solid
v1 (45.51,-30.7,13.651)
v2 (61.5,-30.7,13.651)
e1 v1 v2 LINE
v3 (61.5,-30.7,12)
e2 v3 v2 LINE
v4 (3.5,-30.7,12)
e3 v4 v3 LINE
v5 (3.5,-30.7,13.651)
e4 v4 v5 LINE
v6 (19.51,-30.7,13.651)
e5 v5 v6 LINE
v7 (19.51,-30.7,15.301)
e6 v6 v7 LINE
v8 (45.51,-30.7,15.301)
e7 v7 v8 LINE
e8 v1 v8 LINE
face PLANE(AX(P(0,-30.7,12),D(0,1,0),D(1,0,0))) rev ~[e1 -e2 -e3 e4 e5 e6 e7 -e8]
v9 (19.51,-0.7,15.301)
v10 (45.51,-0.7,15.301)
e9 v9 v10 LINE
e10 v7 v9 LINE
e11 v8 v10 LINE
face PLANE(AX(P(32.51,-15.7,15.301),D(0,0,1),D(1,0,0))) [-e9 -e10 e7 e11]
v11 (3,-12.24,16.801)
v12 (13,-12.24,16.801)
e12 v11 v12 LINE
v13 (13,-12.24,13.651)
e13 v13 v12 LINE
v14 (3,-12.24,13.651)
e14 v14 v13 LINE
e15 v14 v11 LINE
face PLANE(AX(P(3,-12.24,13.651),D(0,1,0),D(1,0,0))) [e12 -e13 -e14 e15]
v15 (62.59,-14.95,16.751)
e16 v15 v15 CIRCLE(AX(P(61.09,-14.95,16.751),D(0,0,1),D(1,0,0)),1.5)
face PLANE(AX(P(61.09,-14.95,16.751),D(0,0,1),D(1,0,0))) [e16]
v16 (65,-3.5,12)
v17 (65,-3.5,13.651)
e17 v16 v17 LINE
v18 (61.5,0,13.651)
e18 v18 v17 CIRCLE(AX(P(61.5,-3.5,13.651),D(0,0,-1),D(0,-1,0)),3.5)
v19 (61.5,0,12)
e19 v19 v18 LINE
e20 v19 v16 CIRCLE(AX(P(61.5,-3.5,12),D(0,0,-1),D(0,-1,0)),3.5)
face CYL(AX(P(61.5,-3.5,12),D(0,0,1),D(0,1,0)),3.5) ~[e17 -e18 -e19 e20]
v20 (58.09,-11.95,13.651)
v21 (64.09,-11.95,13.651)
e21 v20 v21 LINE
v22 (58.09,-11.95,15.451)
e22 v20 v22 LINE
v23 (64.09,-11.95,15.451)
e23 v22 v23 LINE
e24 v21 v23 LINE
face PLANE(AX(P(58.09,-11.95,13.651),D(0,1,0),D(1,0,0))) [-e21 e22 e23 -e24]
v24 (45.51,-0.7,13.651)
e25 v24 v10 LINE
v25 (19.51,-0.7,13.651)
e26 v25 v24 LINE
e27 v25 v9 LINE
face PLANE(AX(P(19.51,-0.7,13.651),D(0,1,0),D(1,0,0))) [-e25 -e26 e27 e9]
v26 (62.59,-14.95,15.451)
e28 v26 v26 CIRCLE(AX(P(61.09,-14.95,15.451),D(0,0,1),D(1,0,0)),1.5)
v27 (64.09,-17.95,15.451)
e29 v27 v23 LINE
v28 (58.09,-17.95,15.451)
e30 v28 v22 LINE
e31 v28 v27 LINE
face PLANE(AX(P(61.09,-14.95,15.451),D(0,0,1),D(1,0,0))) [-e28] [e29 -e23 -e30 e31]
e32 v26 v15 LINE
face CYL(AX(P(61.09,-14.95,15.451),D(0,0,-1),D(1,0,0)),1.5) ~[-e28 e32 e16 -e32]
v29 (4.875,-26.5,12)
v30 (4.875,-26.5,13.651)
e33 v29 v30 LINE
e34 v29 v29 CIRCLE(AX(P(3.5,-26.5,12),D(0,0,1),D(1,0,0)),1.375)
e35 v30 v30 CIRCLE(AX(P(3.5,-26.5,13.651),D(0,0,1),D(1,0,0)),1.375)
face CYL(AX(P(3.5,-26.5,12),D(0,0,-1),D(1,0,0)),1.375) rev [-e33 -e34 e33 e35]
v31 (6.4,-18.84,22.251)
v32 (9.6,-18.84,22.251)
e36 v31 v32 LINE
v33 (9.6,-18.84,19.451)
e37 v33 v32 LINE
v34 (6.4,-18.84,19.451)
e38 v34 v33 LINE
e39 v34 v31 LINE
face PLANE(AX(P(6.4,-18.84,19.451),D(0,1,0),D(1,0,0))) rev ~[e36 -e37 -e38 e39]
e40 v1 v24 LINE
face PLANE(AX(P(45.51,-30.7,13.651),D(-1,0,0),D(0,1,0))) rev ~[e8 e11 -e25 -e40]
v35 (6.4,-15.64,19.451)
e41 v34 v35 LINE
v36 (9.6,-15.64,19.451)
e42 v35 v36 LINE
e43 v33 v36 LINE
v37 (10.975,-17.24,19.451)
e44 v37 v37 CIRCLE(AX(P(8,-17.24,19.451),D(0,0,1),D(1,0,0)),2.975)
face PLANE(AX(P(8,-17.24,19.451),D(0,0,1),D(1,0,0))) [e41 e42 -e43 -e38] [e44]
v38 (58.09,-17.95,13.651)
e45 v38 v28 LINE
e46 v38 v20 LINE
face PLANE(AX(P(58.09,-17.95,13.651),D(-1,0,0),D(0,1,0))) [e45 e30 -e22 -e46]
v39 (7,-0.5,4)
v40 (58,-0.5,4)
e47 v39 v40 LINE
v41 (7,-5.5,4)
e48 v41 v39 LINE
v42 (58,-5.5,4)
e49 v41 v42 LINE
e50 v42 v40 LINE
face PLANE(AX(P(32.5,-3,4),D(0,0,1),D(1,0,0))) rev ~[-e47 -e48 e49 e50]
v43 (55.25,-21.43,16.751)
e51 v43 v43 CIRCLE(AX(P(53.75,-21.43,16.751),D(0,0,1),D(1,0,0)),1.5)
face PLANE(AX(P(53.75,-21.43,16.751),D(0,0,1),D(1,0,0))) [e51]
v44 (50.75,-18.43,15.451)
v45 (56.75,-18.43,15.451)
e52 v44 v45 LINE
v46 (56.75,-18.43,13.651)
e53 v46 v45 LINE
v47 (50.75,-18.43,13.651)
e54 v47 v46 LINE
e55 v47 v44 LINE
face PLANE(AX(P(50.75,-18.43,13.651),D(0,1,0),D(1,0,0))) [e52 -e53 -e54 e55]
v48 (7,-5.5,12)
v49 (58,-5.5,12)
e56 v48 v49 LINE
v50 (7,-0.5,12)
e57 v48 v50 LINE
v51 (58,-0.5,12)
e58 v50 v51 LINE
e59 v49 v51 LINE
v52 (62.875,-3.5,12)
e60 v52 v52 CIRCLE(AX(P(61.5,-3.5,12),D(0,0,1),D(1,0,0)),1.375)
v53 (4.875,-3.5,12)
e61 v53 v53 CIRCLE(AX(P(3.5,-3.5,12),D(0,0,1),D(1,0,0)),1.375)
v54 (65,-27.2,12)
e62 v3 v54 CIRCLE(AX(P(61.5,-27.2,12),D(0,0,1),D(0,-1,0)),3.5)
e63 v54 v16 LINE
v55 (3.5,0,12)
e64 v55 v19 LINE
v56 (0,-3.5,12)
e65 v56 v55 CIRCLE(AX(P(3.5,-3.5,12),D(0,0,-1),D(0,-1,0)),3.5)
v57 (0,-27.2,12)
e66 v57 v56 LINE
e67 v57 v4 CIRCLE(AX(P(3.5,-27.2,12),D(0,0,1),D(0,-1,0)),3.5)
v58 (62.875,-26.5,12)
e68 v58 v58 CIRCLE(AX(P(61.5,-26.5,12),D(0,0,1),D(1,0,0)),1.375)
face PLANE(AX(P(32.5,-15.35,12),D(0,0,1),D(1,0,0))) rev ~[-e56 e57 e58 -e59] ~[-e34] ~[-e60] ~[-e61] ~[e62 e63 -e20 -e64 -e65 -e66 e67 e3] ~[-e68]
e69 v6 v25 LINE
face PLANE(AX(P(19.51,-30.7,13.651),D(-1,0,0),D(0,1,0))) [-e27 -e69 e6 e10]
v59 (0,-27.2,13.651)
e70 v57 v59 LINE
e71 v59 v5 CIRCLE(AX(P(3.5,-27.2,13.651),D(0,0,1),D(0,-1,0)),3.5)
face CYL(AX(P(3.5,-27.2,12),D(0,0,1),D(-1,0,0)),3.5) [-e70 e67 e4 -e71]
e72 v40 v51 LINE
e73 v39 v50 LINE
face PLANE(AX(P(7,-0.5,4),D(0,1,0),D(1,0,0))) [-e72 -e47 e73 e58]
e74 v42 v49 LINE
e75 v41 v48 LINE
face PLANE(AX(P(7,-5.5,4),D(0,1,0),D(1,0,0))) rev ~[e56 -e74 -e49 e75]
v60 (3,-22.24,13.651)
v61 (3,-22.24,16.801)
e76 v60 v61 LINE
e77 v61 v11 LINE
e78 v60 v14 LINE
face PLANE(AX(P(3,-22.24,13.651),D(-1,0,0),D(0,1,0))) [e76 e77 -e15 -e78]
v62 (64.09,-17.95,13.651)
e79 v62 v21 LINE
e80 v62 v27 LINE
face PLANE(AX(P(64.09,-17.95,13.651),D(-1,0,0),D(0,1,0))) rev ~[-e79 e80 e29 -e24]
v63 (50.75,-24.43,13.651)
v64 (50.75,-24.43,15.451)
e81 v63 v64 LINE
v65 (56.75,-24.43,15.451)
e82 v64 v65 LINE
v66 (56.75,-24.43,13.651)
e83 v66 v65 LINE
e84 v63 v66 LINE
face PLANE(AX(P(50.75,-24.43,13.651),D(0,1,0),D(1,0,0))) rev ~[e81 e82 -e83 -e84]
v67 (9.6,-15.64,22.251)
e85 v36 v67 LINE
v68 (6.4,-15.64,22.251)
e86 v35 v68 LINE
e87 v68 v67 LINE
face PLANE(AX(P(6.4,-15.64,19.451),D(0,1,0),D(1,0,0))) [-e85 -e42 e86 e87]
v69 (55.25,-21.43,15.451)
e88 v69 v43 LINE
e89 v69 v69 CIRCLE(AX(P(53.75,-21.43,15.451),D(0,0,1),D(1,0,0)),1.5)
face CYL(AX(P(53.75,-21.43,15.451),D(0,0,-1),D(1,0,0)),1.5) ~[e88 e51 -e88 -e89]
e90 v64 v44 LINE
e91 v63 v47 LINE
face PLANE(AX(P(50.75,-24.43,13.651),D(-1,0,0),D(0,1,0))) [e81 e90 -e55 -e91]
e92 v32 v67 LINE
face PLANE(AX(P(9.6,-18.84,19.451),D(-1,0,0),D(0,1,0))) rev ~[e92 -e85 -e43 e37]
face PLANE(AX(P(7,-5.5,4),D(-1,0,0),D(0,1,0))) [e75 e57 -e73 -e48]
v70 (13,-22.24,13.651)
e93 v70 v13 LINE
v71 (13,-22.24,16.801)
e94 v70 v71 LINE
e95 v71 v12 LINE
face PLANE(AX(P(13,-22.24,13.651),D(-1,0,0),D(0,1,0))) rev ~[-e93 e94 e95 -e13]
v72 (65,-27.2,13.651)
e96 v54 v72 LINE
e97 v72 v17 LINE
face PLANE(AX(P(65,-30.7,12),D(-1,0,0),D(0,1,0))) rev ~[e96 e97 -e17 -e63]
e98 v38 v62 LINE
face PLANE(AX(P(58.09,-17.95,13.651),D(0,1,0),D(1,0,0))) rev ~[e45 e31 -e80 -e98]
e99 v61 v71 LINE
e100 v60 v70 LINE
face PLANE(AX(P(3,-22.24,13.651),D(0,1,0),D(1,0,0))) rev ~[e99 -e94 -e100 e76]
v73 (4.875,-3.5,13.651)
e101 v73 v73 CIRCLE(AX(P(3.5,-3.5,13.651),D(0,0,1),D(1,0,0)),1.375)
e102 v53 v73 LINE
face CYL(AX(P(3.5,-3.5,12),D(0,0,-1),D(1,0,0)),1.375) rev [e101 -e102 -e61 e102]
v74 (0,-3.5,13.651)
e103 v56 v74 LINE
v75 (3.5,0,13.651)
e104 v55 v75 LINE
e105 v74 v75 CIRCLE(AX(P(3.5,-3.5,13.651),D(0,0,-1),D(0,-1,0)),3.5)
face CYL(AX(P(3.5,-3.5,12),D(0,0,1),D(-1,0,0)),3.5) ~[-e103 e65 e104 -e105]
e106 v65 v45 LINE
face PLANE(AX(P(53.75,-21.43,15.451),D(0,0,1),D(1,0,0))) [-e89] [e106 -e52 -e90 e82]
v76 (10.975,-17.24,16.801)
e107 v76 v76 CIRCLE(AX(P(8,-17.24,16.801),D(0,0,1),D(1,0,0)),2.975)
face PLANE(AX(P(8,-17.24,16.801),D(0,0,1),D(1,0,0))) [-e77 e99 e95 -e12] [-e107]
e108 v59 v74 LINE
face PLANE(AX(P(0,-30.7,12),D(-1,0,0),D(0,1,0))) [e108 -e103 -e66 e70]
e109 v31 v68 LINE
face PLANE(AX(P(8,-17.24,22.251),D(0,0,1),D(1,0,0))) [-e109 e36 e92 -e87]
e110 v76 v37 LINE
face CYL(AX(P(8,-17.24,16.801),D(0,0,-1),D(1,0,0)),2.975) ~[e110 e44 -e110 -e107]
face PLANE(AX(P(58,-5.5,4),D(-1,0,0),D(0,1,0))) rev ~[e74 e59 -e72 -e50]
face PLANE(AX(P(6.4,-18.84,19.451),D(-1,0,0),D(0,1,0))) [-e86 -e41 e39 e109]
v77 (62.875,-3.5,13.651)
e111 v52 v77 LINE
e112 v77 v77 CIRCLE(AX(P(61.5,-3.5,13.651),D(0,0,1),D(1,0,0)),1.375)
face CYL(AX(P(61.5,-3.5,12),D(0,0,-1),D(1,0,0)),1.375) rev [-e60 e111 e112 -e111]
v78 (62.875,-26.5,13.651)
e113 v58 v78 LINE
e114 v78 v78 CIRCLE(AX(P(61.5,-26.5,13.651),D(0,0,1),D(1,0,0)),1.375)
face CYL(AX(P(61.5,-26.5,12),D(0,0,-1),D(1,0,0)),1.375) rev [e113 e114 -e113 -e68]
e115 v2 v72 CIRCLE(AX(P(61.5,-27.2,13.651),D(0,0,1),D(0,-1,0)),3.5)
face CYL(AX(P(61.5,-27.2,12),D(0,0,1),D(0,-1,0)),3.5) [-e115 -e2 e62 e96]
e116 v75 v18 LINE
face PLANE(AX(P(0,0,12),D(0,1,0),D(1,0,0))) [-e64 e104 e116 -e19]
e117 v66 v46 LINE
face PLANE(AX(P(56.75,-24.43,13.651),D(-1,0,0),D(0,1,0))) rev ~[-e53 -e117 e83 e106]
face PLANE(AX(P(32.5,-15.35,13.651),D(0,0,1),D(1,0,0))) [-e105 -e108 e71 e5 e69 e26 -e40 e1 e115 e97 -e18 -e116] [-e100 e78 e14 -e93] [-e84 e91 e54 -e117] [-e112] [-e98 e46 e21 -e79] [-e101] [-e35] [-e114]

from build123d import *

# Parameters (mm, degrees)
SKETCH013_W  = 51
SKETCH013_H  = 5
PAD011_DEPTH = 8
SKETCH014_W  = 65
SKETCH014_H  = 30.7
SKETCH014_R  = 1.375
PAD012_DEPTH = 1.651
FILLET003_R  = 3.5
SKETCH017_W  = 10
SKETCH017_H  = 10
PAD014_DEPTH = 3.15
SKETCH018_R  = 2.975
PAD015_DEPTH = 2.65
SKETCH019_W  = 3.2
SKETCH019_H  = 3.2
PAD016_DEPTH = 2.8
SKETCH020_W  = 6
SKETCH020_H  = 6
PAD017_DEPTH = 1.8
SKETCH021_R  = 1.5
PAD018_DEPTH = 1.3
SKETCH022_W  = 26
SKETCH022_H  = 30
PAD019_DEPTH = 1.65


with BuildPart() as part:
    # Sketch013 → Pad011 (new body)
    with BuildSketch(Plane.XY):
        with Locations((32.5, -3)):
            Rectangle(SKETCH013_W, SKETCH013_H)
    extrude(amount=PAD011_DEPTH)

    # Sketch014 (on Face6 of Pad011) → Pad012 (join)
    with BuildSketch(Plane.XY.offset(8)):
        with Locations((32.5, -15.35)):
            Rectangle(SKETCH014_W, SKETCH014_H)
        with Locations((3.5, -3.5)):
            Circle(SKETCH014_R, mode=Mode.SUBTRACT)
        with Locations((61.5, -3.5)):
            Circle(SKETCH014_R, mode=Mode.SUBTRACT)
        with Locations((61.5, -26.5)):
            Circle(SKETCH014_R, mode=Mode.SUBTRACT)
        with Locations((3.5, -26.5)):
            Circle(SKETCH014_R, mode=Mode.SUBTRACT)
    extrude(amount=PAD012_DEPTH)

    # Fillet003
    fillet003_edges = [part.edges().sort_by_distance(p)[0] for p in [
        (0, 0, 8.8255),
        (0, -30.7, 8.8255),
        (65, -30.7, 8.8255),
        (65, 0, 8.8255),
    ]]
    fillet(fillet003_edges, radius=FILLET003_R)

    # Sketch017 (on Face5 of Fillet003) → Pad014 (join)
    with BuildSketch(Plane.XY.offset(9.651)):
        with Locations((8, -17.24)):
            Rectangle(SKETCH017_W, SKETCH017_H)
    extrude(amount=PAD014_DEPTH)

    # Sketch018 (on Face24 of Pad014) → Pad015 (join)
    with BuildSketch(Plane.XY.offset(12.801)):
        with Locations((8, -17.24)):
            Circle(SKETCH018_R)
    extrude(amount=PAD015_DEPTH)

    # Sketch019 (on Face26 of Pad015) → Pad016 (join)
    with BuildSketch(Plane.XY.offset(15.451)):
        with Locations((8, -17.24)):
            Rectangle(SKETCH019_W, SKETCH019_H)
    extrude(amount=PAD016_DEPTH)

    # Sketch020 (on Face5 of Pad016) → Pad017 (join)
    with BuildSketch(Plane.XY.offset(9.651)):
        with Locations((61.09, -14.95)):
            Rectangle(SKETCH020_W, SKETCH020_H)
        with Locations((53.75, -21.43)):
            Rectangle(SKETCH020_W, SKETCH020_H)
    extrude(amount=PAD017_DEPTH)

    # Sketch021 (on Face34 of Pad017) → Pad018 (join)
    with BuildSketch(Plane.XY.offset(11.451)):
        with Locations((53.75, -21.43)):
            Circle(SKETCH021_R)
        with Locations((61.09, -14.95)):
            Circle(SKETCH021_R)
    extrude(amount=PAD018_DEPTH)

    # Sketch022 (on Face5 of Pad018) → Pad019 (join)
    with BuildSketch(Plane.XY.offset(9.651)):
        with Locations((32.51, -15.7)):
            Rectangle(SKETCH022_W, SKETCH022_H)
    extrude(amount=PAD019_DEPTH)


with BuildPart() as part_1:
    # Body002 placement: moved
    add(part.part.moved(Location((0, 0, 4))))


solid = part_1.part
